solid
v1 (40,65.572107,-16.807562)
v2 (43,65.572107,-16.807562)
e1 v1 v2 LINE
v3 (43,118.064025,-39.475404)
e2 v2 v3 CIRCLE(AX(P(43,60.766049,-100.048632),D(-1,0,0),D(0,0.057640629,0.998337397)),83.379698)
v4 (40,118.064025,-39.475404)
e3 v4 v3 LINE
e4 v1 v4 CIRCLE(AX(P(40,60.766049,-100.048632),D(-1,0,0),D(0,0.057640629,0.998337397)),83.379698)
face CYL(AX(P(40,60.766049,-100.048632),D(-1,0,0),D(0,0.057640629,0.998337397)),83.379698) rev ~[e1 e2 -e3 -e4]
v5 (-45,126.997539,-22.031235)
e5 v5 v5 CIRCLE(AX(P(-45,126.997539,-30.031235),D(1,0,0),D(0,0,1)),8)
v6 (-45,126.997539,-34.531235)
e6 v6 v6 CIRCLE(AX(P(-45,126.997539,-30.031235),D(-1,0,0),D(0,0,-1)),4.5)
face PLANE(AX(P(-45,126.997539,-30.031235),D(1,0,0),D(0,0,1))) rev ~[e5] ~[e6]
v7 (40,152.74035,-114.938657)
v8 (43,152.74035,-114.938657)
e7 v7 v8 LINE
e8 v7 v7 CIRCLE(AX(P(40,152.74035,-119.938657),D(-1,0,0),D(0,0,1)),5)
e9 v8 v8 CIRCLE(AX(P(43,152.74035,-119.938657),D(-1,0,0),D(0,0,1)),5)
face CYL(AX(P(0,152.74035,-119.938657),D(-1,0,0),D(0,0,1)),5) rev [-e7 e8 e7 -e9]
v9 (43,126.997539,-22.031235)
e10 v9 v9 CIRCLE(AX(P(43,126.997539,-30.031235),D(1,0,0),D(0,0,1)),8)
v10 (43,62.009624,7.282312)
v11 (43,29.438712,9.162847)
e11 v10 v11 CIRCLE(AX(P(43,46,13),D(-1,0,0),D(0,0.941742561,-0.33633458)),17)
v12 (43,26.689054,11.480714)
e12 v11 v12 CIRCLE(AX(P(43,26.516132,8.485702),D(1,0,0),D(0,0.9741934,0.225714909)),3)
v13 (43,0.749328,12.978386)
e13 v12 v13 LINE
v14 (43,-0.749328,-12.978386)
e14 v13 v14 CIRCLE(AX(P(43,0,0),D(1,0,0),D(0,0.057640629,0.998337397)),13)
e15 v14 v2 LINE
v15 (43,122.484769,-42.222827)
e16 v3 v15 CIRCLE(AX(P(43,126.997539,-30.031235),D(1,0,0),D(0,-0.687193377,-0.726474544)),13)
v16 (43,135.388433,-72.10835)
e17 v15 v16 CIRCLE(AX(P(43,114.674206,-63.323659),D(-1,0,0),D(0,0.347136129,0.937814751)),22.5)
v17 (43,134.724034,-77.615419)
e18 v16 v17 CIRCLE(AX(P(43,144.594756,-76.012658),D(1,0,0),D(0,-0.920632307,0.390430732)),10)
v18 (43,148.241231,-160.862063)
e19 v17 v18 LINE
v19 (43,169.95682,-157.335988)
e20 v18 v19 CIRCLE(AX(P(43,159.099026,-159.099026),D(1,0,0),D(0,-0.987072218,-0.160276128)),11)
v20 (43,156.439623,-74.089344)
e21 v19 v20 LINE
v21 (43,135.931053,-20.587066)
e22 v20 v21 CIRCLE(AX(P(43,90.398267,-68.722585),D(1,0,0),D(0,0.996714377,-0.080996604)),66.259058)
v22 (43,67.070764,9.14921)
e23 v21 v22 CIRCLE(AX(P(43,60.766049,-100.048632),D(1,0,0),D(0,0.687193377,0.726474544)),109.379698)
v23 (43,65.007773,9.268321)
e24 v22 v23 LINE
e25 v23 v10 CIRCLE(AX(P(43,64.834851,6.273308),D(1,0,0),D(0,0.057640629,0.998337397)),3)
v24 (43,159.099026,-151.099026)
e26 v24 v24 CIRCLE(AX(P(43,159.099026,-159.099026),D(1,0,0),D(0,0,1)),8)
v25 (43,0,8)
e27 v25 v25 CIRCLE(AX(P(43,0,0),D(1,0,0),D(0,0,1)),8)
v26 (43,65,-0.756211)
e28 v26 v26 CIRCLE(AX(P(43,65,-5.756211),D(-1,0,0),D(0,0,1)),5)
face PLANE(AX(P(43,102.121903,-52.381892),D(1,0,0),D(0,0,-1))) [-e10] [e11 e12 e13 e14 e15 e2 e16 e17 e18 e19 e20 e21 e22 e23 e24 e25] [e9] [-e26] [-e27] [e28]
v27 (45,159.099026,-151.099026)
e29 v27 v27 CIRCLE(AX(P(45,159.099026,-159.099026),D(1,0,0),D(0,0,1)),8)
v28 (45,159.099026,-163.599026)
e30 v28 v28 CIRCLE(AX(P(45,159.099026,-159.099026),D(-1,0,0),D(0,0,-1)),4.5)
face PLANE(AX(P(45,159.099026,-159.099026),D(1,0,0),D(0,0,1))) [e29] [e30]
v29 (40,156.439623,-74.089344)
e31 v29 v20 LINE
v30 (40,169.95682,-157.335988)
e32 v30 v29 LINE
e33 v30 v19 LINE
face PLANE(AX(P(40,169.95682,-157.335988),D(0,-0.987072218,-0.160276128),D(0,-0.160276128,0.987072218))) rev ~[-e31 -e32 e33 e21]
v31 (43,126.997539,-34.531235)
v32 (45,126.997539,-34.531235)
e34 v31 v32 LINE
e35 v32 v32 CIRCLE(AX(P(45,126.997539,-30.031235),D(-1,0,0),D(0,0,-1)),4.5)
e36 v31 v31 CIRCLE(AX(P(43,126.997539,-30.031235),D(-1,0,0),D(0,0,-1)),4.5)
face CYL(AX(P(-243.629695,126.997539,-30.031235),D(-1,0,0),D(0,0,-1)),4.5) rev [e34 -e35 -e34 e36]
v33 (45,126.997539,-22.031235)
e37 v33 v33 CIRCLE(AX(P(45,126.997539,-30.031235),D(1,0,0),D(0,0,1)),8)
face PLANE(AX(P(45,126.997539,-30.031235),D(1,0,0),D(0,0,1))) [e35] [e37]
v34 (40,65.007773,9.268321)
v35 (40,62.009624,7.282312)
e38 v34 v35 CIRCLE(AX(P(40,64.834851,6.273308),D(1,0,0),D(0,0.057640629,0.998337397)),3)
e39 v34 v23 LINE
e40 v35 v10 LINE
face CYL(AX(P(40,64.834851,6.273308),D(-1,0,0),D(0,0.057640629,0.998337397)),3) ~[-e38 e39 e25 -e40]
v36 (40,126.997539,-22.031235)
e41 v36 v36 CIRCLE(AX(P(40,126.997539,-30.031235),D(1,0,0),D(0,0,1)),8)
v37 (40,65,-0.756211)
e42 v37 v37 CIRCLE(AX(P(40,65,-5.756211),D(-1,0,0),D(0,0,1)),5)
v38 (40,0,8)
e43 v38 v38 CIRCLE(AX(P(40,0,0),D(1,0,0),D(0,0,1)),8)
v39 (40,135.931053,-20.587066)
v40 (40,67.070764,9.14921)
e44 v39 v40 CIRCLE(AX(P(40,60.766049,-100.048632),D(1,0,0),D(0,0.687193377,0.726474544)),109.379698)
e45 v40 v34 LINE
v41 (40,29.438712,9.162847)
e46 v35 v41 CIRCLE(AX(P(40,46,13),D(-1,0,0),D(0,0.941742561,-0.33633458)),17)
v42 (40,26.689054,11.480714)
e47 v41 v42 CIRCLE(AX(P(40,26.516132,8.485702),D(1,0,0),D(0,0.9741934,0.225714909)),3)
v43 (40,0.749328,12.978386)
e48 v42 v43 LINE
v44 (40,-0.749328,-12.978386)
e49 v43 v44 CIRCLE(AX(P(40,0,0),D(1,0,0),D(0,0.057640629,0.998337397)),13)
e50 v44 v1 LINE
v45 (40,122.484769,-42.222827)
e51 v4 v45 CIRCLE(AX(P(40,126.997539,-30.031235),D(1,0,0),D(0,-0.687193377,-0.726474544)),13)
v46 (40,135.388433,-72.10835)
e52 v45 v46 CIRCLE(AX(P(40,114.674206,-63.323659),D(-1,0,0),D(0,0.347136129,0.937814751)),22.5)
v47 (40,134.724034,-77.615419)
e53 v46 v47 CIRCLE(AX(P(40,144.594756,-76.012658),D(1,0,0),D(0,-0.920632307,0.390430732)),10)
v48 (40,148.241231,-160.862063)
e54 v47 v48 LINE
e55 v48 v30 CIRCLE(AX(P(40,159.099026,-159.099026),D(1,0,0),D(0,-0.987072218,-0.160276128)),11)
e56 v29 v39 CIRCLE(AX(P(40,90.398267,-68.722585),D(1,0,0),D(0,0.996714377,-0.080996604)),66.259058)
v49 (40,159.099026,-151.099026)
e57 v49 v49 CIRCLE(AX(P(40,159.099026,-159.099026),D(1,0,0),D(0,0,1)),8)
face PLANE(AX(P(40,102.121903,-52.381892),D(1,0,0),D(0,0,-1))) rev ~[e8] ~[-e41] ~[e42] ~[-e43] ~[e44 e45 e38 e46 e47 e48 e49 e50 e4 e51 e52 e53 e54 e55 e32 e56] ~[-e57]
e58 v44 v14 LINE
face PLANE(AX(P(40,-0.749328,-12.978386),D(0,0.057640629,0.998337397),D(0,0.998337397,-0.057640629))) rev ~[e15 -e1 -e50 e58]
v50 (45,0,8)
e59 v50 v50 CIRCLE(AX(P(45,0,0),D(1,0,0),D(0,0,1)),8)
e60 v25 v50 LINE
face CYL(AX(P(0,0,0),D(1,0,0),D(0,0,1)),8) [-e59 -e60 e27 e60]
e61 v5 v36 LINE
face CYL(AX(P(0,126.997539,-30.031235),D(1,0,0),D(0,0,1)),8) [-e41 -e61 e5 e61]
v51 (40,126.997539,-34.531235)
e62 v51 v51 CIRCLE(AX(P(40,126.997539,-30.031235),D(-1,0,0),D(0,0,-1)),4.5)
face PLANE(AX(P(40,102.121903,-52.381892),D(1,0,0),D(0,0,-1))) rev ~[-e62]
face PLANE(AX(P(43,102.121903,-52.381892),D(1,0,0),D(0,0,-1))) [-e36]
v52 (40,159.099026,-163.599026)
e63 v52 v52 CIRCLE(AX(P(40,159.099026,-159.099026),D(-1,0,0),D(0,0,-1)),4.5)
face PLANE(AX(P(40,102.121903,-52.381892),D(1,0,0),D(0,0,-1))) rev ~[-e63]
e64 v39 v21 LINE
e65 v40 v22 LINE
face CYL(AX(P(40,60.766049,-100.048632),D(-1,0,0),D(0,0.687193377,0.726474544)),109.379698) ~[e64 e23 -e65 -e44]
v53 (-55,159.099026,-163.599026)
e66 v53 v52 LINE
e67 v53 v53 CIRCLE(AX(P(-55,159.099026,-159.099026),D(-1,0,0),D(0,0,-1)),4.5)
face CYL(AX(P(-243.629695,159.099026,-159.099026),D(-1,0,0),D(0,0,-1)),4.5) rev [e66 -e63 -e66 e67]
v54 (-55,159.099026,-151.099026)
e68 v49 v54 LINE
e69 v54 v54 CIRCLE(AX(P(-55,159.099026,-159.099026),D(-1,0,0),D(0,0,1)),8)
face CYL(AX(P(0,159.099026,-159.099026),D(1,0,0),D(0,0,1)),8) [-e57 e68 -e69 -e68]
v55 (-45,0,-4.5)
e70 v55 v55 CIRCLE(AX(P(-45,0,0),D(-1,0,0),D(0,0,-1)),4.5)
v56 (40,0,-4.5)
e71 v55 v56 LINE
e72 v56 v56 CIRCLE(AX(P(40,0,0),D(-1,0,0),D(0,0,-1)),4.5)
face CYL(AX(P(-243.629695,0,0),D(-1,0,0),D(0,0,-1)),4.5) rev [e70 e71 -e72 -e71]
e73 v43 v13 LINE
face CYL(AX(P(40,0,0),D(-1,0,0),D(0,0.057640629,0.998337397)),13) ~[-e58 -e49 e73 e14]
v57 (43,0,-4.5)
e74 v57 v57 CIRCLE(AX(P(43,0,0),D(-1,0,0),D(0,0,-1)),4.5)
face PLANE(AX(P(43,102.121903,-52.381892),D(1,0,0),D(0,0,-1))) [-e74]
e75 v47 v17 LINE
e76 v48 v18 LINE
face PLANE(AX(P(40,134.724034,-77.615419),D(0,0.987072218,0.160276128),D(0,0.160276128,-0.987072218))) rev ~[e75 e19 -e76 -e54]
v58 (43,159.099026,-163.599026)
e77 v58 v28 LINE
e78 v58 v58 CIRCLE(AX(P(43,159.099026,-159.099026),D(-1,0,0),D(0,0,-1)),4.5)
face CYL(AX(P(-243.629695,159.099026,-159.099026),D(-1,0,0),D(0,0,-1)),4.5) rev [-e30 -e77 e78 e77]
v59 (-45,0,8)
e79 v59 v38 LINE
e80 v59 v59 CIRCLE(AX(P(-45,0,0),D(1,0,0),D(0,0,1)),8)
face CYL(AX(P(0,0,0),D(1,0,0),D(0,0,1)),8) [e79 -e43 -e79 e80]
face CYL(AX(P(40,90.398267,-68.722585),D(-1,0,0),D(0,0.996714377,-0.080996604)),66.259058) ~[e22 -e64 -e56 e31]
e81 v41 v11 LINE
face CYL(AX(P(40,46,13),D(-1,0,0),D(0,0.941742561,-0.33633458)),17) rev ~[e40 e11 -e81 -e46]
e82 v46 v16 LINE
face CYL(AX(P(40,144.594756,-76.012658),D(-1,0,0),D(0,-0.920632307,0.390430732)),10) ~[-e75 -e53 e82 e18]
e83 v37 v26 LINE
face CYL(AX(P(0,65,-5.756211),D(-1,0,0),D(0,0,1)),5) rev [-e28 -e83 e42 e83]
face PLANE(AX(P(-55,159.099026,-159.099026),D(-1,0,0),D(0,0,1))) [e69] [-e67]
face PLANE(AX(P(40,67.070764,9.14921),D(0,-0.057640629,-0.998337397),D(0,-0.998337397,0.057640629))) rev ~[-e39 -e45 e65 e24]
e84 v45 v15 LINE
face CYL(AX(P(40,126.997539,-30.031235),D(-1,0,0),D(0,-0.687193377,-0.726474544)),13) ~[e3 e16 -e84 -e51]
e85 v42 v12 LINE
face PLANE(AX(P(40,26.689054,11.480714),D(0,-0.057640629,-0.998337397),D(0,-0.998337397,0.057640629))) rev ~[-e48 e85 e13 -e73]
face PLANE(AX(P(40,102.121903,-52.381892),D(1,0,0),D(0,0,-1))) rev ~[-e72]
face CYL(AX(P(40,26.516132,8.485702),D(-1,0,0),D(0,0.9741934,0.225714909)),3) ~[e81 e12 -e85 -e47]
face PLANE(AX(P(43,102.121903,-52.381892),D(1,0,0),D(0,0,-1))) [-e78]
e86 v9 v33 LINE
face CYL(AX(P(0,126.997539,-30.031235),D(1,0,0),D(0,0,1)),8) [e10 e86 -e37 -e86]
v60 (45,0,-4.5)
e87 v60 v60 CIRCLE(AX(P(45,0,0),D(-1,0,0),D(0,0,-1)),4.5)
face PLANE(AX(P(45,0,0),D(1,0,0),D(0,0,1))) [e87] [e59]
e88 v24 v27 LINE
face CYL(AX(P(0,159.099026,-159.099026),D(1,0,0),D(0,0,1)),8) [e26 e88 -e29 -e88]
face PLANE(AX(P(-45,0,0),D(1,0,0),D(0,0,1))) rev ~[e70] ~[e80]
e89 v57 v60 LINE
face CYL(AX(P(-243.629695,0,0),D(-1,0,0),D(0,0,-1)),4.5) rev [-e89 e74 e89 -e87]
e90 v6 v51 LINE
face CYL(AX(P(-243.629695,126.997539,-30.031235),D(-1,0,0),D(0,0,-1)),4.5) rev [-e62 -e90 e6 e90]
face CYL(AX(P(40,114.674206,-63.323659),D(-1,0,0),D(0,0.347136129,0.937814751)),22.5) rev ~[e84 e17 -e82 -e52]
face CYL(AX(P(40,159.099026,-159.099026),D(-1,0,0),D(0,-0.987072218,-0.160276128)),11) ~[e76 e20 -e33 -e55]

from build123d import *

# Parameters (mm, degrees)
SKETCH1_R                   = 8
MOUNT_TUBES_DEPTH           = 45
MOUNT_TUBES_2_DEPTH         = 45
MOUNT_TUBES_3_DEPTH         = 45
SKETCH2_R                   = 8
EXTEND_TUBE_1_DEPTH         = 10
MOUNT_TUBE_HOLES_DEPTH      = 243.629694853
MOUNT_TUBE_HOLES_DEPTH_BACK = 243.629694853
SKETCH3_R                   = 4.5
SIDE_PLATE_RH_DEPTH         = 3
MOTOR_MOUNT_HOLES_R         = 5
MOTOR_MOUNT_HOLES_F_DEPTH   = 247.763767871


with BuildPart() as part:
    # Sketch1 → mount tubes (new, symmetric)
    with BuildSketch(Plane(origin=(0, 0, 0), x_dir=(0, 0, -1), z_dir=(1, 0, 0))):
        with Locations(Location((0, 0, 0), (0, 0, 180))):
            Circle(SKETCH1_R)
    extrude(amount=MOUNT_TUBES_DEPTH, both=True)


with BuildPart() as body_2:
    # Sketch1 → mount tubes 2 (new, symmetric)
    with BuildSketch(Plane(origin=(0, 0, 0), x_dir=(0, 0, -1), z_dir=(1, 0, 0))):
        with Locations(Location((30.031235259, 126.997538987, 0), (0, 0, 180))):
            Circle(SKETCH1_R)
    extrude(amount=MOUNT_TUBES_2_DEPTH, both=True)


with BuildPart() as body_3:
    # Sketch1 → mount tubes 3 (new, symmetric)
    with BuildSketch(Plane(origin=(0, 0, 0), x_dir=(0, 0, -1), z_dir=(1, 0, 0))):
        with Locations(Location((159.099025767, 159.099025767, 0), (0, 0, 180))):
            Circle(SKETCH1_R)
    extrude(amount=MOUNT_TUBES_3_DEPTH, both=True)

    # Sketch2 → extend tube 1 (add)
    with BuildSketch(Plane.ZY.offset(45)):
        with Locations((-159.099025767, 159.099025767)):
            Circle(SKETCH2_R)
    extrude(amount=EXTEND_TUBE_1_DEPTH)


with BuildPart() as mount_tube_holes_tool:
    # Sketch3 → mount tube holes (new, two sides: drawn at the far end of the back side and taken through both)
    with BuildSketch(Plane(origin=(0, 0, 0), x_dir=(0, 0, -1), z_dir=(1, 0, 0)).offset(-MOUNT_TUBE_HOLES_DEPTH_BACK)):
        Circle(SKETCH3_R)
        with Locations((30.031235259, 126.997538987)):
            Circle(SKETCH3_R)
        with Locations((159.099025767, 159.099025767)):
            Circle(SKETCH3_R)
    extrude(amount=MOUNT_TUBE_HOLES_DEPTH + MOUNT_TUBE_HOLES_DEPTH_BACK)


with BuildPart() as part_1:
    add(part.part)

    # mount tube holes: cut by mount_tube_holes_tool
    add(mount_tube_holes_tool.part, mode=Mode.SUBTRACT)



with BuildPart() as body_2_1:
    add(body_2.part)

    # mount tube holes: cut by mount_tube_holes_tool
    add(mount_tube_holes_tool.part, mode=Mode.SUBTRACT)


with BuildPart() as body_3_1:
    add(body_3.part)

    # mount tube holes: cut by mount_tube_holes_tool
    add(mount_tube_holes_tool.part, mode=Mode.SUBTRACT)


with BuildPart() as part_2:
    add(part_1.part)

    add(body_2_1.part)  # Side plate RH merges body 2

    add(body_3_1.part)  # Side plate RH merges body 3
    # Sketch4 → Side plate RH (add)
    with BuildSketch(Plane(origin=(40, 0, 0), x_dir=(0, 0, -1), z_dir=(1, 0, 0))):
        with BuildLine():
            Line((12.978386159, -0.749328179), (16.807561824, 65.572107296))
            ThreePointArc((16.807561824, 65.572107296), (23.501336664, 93.821843391), (39.475404328, 118.064025087))
            ThreePointArc((39.475404328, 118.064025087), (41.072624736, 120.135489845), (42.222827025, 122.484769304))
            ThreePointArc((42.222827025, 122.484769304), (54.40469235, 135.330973688), (72.108350397, 135.388433283))
            ThreePointArc((72.108350397, 135.388433283), (74.814895184, 134.666747236), (77.615418999, 134.724034171))
            Line((77.615418999, 134.724034171), (160.862063178, 148.241231374))
            ThreePointArc((160.862063178, 148.241231374), (169.95682016, 160.862063178), (157.335988356, 169.95682016))
            Line((157.335988356, 169.95682016), (74.089344178, 156.439622958))
            ThreePointArc((74.089344178, 156.439622958), (45.006724073, 152.267651322), (20.587066191, 135.931052888))
            ThreePointArc((20.587066191, 135.931052888), (-0.368139217, 104.129516319), (-9.149210493, 67.070763654))
            Line((-9.149210493, 67.070763654), (-9.268320599, 65.007773101))
            ThreePointArc((-9.268320599, 65.007773101), (-8.774360407, 63.178125859), (-7.282312147, 62.009623531))
            ThreePointArc((-7.282312147, 62.009623531), (3.971735746, 45.020109305), (-9.16284655, 29.438712206))
            ThreePointArc((-9.16284655, 29.438712206), (-10.779462777, 28.449693665), (-11.480714014, 26.689053894))
            Line((-11.480714014, 26.689053894), (-12.978386159, 0.749328179))
            ThreePointArc((-12.978386159, 0.749328179), (-0.749328179, -12.978386159), (12.978386159, -0.749328179))
        make_face()
    extrude(amount=SIDE_PLATE_RH_DEPTH)

    # motor mount holes → motor mount holes f (cut, through all)
    with BuildSketch(Plane(origin=(0, 0, 0), x_dir=(0, 0, -1), z_dir=(1, 0, 0))):
        with Locations(Location((119.938657263, 152.740349945, 0), (0, 0, 180))):
            Circle(MOTOR_MOUNT_HOLES_R)
        with Locations(Location((5.756211189, 65, 0), (0, 0, 180))):
            Circle(MOTOR_MOUNT_HOLES_R)
    extrude(amount=MOTOR_MOUNT_HOLES_F_DEPTH, mode=Mode.SUBTRACT)


solid = part_2.part
